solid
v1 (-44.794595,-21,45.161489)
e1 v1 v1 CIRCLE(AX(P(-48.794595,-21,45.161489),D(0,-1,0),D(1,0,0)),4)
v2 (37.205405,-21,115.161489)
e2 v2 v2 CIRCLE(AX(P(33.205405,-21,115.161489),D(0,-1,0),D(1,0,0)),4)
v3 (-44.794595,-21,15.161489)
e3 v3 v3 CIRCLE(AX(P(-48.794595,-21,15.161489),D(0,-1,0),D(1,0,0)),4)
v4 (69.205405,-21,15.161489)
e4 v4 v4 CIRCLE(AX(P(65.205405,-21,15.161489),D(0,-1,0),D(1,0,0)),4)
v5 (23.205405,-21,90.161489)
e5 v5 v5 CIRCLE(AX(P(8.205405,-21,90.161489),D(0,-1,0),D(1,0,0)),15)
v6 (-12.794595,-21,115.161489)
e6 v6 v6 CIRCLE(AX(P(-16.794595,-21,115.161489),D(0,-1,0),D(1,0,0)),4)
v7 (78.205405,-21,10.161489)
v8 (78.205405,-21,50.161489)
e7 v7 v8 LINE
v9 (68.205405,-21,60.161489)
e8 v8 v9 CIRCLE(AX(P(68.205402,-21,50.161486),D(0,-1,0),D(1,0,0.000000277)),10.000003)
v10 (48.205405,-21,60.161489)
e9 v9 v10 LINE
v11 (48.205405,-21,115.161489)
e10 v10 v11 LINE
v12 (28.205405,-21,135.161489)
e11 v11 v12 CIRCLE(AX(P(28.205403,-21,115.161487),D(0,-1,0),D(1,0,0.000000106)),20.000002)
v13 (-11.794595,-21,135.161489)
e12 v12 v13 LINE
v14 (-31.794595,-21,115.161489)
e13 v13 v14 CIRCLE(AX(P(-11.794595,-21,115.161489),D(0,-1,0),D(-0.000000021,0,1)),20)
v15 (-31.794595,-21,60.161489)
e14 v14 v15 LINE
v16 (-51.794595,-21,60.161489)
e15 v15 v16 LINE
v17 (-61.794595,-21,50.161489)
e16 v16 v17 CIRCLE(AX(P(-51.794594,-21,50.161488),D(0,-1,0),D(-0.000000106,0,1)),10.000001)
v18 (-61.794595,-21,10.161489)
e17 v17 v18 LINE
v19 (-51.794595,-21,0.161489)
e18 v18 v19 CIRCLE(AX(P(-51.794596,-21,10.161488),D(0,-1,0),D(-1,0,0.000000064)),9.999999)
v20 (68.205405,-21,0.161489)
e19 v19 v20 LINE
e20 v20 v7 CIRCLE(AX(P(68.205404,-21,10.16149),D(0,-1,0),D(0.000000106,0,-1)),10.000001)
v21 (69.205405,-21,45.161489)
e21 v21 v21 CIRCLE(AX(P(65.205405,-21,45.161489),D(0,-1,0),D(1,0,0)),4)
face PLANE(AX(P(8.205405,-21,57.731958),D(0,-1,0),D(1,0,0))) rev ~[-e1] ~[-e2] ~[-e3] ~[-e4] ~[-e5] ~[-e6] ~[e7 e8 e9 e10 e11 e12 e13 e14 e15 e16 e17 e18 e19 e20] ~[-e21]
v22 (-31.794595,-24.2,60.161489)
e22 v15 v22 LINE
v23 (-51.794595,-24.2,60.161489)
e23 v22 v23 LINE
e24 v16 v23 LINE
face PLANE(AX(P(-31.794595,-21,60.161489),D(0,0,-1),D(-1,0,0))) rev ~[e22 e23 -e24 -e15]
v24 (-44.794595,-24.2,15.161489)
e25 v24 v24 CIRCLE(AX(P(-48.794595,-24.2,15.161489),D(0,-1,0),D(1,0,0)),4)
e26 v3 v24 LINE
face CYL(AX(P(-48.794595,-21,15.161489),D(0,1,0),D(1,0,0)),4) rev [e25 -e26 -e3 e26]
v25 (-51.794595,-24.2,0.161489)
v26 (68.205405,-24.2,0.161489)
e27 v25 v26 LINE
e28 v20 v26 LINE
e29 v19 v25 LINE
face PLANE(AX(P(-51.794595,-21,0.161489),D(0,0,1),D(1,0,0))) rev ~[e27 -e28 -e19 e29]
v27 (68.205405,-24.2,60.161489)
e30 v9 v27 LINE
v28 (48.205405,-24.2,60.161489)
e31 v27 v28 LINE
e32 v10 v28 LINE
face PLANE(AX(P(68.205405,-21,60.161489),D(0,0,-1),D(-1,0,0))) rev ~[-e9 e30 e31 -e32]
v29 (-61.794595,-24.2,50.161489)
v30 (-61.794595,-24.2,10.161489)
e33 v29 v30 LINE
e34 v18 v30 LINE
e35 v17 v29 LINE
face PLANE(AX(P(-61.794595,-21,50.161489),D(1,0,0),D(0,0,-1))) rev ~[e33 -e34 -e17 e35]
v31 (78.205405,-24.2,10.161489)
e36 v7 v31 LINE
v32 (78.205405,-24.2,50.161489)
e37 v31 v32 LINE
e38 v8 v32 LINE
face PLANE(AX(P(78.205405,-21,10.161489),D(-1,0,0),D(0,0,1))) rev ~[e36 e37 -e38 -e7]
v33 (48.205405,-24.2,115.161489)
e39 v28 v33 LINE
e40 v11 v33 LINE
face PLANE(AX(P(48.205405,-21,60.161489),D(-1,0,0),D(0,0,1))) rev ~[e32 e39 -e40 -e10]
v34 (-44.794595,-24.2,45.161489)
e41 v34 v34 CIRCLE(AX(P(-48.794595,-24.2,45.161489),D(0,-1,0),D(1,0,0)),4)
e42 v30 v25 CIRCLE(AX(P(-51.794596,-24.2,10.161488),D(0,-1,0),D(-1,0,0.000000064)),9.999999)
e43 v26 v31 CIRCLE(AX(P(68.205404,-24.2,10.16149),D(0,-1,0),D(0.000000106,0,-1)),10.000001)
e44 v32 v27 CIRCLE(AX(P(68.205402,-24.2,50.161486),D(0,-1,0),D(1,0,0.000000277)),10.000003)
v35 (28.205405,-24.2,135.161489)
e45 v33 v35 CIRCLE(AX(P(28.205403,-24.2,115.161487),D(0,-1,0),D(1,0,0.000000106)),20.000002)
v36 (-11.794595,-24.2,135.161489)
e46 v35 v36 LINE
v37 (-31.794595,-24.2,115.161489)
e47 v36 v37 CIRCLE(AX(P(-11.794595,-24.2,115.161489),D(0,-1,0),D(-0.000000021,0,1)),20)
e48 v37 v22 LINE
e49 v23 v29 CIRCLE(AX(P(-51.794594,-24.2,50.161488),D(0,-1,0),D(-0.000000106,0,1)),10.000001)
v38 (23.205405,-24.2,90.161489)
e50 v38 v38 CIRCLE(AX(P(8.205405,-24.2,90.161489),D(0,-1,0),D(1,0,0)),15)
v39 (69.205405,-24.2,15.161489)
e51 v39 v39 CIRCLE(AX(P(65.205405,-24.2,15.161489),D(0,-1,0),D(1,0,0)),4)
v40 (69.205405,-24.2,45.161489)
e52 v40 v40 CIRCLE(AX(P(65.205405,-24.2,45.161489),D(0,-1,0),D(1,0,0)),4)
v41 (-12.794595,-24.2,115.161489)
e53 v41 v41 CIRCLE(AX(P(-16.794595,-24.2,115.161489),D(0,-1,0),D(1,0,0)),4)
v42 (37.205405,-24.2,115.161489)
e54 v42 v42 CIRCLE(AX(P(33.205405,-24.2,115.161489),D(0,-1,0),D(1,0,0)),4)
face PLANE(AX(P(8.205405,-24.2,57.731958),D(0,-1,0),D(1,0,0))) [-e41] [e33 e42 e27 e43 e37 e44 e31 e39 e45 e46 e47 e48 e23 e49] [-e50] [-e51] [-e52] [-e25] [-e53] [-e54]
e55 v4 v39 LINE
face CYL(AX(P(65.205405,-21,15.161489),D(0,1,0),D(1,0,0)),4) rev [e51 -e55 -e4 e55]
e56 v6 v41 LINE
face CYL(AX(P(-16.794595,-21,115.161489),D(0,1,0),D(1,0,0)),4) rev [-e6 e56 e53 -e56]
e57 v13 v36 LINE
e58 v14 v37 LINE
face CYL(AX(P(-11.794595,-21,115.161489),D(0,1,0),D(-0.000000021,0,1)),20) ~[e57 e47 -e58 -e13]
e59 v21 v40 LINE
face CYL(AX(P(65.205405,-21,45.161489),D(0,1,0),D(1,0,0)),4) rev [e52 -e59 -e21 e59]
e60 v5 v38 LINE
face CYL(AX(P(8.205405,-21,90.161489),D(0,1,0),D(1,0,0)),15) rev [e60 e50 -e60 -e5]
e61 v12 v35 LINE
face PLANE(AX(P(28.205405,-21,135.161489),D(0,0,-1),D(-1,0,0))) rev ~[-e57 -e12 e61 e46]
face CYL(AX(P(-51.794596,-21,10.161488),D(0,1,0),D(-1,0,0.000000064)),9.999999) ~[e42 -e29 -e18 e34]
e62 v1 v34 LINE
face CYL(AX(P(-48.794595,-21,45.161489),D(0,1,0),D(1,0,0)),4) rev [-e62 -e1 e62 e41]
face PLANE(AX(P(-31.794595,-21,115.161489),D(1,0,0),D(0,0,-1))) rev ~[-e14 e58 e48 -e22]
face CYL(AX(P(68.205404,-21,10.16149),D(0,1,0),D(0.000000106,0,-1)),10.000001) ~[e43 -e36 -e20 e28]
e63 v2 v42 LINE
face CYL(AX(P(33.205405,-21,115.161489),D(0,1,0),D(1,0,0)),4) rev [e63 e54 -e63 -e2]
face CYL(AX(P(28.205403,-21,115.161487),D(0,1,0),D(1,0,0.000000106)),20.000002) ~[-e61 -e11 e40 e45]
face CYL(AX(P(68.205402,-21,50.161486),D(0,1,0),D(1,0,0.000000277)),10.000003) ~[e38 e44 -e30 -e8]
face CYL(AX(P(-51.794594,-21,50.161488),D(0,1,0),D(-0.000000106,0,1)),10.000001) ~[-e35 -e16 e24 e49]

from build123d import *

# Parameters (mm, degrees)
F2_R     = 4
F2_R_2   = 15
F3_DEPTH = 3.2


with BuildPart() as f3:
    # F2 (on offset) → F3 (new body)
    with BuildSketch(Plane.XZ.offset(21)):
        with BuildLine():
            Line((-31.794595, 60.161489), (-51.794595, 60.161489))
            ThreePointArc((-51.794595, 60.161489), (-58.865663, 57.232556), (-61.794595, 50.161489))
            Line((-61.794595, 50.161489), (-61.794595, 10.161489))
            ThreePointArc((-61.794595, 10.161489), (-58.865663, 3.090421), (-51.794595, 0.161489))
            Line((-51.794595, 0.161489), (68.205405, 0.161489))
            ThreePointArc((68.205405, 0.161489), (75.276472, 3.090421), (78.205405, 10.161489))
            Line((78.205405, 10.161489), (78.205405, 50.161489))
            ThreePointArc((78.205405, 50.161489), (75.276472, 57.232556), (68.205405, 60.161489))
            Line((68.205405, 60.161489), (48.205405, 60.161489))
            Line((48.205405, 60.161489), (48.205405, 115.161489))
            ThreePointArc((48.205405, 115.161489), (42.34754, 129.303624), (28.205405, 135.161489))
            Line((28.205405, 135.161489), (-11.794595, 135.161489))
            ThreePointArc((-11.794595, 135.161489), (-25.936731, 129.303624), (-31.794595, 115.161489))
            Line((-31.794595, 115.161489), (-31.794595, 60.161489))
        make_face()
        with Locations((-48.794595, 15.161489)):
            Circle(F2_R, mode=Mode.SUBTRACT)
        with Locations((-48.794595, 45.161489)):
            Circle(F2_R, mode=Mode.SUBTRACT)
        with Locations((65.205405, 15.161489)):
            Circle(F2_R, mode=Mode.SUBTRACT)
        with Locations((65.205405, 45.161489)):
            Circle(F2_R, mode=Mode.SUBTRACT)
        with Locations((-16.794595, 115.161489)):
            Circle(F2_R, mode=Mode.SUBTRACT)
        with Locations((8.205405, 90.161489)):
            Circle(F2_R_2, mode=Mode.SUBTRACT)
        with Locations((33.205405, 115.161489)):
            Circle(F2_R, mode=Mode.SUBTRACT)
    extrude(amount=F3_DEPTH)


solid = f3.part
